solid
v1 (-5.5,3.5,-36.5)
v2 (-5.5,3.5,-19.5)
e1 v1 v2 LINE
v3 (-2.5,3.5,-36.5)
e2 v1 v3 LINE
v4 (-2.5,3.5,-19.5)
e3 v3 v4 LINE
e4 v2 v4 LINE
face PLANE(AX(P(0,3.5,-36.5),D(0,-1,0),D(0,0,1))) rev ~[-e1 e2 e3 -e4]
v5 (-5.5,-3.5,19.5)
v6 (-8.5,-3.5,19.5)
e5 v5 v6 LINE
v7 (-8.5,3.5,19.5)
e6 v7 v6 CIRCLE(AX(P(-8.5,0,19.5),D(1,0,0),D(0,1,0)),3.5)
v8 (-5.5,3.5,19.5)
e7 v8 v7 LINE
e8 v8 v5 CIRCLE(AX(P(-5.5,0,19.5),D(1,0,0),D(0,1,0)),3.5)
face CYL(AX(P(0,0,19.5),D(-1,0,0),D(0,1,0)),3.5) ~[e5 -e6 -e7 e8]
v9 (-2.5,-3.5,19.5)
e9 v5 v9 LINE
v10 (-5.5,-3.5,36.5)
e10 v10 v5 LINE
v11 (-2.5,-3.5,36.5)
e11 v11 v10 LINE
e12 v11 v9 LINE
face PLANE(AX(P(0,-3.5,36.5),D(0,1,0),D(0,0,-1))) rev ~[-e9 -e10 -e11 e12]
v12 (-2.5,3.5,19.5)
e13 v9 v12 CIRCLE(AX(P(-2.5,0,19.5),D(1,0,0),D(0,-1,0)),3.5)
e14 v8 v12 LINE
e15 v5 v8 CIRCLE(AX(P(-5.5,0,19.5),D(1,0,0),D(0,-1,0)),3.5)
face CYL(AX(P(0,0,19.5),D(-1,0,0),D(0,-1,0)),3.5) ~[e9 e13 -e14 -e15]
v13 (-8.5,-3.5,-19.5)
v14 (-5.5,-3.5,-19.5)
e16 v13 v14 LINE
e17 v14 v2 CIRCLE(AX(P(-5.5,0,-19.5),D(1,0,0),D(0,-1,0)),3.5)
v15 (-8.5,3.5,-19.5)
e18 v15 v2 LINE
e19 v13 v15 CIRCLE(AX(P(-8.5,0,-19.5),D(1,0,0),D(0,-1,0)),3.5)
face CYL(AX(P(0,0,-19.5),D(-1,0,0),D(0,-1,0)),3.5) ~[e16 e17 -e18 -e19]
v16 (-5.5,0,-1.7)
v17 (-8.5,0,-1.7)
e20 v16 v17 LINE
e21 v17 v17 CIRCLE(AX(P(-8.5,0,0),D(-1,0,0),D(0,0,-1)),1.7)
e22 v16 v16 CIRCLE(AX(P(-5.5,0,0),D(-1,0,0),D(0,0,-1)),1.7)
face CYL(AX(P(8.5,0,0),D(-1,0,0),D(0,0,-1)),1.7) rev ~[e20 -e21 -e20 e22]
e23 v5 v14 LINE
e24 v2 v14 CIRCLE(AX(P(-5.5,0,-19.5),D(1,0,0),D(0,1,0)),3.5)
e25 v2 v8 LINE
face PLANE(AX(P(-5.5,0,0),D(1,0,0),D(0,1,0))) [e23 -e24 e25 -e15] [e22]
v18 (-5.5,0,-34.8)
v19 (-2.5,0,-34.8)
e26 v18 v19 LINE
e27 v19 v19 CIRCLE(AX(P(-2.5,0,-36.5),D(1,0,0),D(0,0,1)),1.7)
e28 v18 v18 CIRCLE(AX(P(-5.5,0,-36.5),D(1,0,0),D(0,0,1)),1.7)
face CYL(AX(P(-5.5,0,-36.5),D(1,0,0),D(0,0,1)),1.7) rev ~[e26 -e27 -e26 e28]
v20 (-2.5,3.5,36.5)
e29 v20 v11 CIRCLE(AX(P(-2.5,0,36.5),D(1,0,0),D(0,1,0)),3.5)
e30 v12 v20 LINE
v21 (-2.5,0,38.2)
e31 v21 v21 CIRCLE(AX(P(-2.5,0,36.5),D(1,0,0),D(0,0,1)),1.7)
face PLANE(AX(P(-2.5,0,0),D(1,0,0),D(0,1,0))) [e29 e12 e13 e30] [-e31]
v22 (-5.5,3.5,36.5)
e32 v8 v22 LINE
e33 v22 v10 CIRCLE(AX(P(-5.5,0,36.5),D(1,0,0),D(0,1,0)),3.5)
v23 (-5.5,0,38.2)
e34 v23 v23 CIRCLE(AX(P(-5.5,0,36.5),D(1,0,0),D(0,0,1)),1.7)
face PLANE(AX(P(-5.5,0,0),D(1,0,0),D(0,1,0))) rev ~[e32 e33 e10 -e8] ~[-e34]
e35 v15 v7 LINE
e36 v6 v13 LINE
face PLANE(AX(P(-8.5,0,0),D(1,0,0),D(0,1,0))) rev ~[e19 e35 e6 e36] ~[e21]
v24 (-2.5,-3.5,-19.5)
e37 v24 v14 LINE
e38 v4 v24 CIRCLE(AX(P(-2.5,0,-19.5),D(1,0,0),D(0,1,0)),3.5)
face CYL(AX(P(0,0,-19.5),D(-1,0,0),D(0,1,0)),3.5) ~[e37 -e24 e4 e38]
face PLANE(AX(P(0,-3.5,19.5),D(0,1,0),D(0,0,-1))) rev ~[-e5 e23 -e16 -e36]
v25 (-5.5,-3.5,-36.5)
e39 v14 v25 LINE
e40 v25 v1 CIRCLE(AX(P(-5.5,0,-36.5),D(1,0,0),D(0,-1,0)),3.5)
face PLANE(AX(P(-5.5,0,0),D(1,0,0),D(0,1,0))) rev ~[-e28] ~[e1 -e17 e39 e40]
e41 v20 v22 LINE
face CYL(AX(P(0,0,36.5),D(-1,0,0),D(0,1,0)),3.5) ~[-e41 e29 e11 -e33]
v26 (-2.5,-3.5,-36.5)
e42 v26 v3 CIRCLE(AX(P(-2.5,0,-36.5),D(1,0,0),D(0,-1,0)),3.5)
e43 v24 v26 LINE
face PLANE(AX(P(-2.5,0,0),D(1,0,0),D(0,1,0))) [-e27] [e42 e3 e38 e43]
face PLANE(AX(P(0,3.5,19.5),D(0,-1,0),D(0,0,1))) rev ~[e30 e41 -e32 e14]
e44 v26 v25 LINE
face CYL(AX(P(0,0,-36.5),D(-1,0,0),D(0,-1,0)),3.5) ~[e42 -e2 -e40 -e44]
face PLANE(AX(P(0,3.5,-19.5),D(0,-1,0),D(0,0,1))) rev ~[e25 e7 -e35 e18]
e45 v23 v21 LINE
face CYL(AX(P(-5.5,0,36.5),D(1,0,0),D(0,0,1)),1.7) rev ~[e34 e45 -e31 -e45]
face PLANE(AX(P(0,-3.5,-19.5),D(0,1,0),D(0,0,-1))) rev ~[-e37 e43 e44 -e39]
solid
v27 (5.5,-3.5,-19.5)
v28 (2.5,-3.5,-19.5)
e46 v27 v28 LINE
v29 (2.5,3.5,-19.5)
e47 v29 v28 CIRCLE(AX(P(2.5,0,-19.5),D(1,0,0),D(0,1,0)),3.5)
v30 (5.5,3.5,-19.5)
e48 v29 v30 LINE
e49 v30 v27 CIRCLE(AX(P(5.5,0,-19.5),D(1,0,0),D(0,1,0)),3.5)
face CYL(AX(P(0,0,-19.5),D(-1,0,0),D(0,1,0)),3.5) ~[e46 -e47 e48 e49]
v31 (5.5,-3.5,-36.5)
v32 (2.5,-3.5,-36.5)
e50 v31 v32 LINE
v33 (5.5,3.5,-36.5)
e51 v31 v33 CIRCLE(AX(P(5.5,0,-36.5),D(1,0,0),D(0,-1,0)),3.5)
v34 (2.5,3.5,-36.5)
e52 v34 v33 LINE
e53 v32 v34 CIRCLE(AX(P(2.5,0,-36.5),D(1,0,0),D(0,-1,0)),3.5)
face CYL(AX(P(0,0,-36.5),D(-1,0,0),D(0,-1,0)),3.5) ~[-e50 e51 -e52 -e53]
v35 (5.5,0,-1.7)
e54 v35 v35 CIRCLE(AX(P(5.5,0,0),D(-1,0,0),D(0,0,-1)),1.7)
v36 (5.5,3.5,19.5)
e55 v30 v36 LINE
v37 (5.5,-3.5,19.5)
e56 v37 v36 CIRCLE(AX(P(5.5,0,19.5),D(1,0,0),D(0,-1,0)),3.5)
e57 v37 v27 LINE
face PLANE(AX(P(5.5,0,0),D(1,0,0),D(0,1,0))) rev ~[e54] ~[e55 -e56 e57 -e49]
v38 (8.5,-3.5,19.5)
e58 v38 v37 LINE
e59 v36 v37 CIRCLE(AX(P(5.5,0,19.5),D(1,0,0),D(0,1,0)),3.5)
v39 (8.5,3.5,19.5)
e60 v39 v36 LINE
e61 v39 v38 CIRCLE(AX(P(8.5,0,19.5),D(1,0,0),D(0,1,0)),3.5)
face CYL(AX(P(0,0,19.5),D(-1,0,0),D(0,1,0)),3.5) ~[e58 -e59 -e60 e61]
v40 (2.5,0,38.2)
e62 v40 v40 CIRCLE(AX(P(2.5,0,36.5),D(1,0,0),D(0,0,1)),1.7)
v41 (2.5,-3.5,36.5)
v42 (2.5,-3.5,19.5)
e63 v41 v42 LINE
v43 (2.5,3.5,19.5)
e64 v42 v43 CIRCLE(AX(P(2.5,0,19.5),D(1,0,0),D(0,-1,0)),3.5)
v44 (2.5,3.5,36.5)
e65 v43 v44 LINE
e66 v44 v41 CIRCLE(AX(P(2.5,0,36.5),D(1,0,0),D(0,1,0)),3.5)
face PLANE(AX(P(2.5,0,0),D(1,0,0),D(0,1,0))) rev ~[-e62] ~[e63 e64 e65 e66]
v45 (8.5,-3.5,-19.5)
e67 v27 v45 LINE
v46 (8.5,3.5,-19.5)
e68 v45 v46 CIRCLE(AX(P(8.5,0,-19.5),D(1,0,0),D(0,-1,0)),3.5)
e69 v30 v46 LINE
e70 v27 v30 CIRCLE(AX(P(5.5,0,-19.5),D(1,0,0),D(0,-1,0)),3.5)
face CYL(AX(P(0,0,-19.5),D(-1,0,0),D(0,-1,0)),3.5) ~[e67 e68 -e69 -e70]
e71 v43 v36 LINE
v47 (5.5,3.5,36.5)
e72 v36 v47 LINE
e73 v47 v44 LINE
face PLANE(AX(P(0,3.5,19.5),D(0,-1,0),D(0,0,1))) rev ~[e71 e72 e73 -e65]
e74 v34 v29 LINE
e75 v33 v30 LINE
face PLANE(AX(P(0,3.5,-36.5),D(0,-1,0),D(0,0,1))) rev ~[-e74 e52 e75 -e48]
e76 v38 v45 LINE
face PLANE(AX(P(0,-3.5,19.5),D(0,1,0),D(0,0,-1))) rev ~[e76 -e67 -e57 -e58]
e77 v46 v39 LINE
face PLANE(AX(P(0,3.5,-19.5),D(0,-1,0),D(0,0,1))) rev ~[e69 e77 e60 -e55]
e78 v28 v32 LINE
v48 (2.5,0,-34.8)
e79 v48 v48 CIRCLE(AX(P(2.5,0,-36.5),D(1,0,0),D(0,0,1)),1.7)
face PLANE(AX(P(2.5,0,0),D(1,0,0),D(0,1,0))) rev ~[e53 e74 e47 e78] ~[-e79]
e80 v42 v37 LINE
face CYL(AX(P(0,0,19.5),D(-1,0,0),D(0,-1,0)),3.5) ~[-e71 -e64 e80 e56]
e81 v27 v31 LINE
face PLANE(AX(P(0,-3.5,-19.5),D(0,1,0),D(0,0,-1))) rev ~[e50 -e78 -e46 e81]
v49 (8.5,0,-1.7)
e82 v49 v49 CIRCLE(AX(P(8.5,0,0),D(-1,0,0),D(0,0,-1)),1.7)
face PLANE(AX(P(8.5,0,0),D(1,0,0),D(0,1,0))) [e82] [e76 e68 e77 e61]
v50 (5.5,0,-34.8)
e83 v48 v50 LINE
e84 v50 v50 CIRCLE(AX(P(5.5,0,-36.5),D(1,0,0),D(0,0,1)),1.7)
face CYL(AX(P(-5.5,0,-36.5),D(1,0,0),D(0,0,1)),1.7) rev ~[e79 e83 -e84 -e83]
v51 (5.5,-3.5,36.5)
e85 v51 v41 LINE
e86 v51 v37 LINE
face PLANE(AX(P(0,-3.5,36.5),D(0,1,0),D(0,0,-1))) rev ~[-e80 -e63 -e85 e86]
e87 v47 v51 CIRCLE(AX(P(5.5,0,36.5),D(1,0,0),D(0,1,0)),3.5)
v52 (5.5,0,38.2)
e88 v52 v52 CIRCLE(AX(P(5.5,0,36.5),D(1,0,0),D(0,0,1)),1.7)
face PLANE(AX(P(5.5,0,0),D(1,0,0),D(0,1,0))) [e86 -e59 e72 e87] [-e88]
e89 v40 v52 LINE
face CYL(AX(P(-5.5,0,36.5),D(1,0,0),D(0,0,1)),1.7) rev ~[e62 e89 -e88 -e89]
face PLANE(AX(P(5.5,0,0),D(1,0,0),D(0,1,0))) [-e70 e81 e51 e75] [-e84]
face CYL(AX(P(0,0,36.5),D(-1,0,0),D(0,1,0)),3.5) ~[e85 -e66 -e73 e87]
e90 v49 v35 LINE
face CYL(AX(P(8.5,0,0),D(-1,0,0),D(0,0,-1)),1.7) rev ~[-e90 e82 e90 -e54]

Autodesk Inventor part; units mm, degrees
ref_plane "YZ Plane" through (0, 0, 0) normal (1, 0, 0) x (0, 1, 0)
ref_plane "XZ Plane" through (0, 0, 0) normal (0, 1, 0) x (-1, 0, 0)
ref_plane "XY Plane" through (0, 0, 0) normal (0, 0, 1) x (1, 0, 0)
sketch "Sketch1" plane through (0, 0, 0) normal (1, 0, 0) x (0, 1, 0)
  line L0 (0, -36.5) -> (0, 36.5) construction
  line L1 (3.5, -36.5) -> (3.5, 36.5)
  line L2 (-3.5, 36.5) -> (-3.5, -36.5)
  arc A0 (-3.5, -36.5) -> (3.5, -36.5) centre (0, -36.5) ccw
  arc A1 (3.5, 36.5) -> (-3.5, 36.5) centre (0, 36.5) ccw
  circle A2 centre (0, 36.5) radius 1.5
  circle A3 centre (0, -36.5) radius 1.5
  line L3 (0, -19.5) -> (0, 19.5) construction
  line L4 (3.5, -19.5) -> (3.5, 19.5)
  line L5 (-3.5, 19.5) -> (-3.5, -19.5)
  arc A4 (-3.5, -19.5) -> (3.5, -19.5) centre (0, -19.5) ccw
  arc A5 (3.5, 19.5) -> (-3.5, 19.5) centre (0, 19.5) ccw
  line L6 (0, -36.5) -> (0, -19.5) construction
  line L7 (-3.5, -36.5) -> (-3.5, -19.5)
  line L8 (3.5, -19.5) -> (3.5, -36.5)
  arc A6 (-3.5, -36.5) -> (3.5, -36.5) centre (0, -36.5) ccw
  arc A7 (3.5, -19.5) -> (-3.5, -19.5) centre (0, -19.5) ccw
  line L9 (3.5, 0) -> (-3.5, 0) construction
  line L10 (0, 36.5) -> (0, 19.5) construction
  line L11 (-3.5, 36.5) -> (-3.5, 19.5)
  line L12 (3.5, 19.5) -> (3.5, 36.5)
  arc A8 (3.5, 36.5) -> (-3.5, 36.5) centre (0, 36.5) ccw
  arc A9 (-3.5, 19.5) -> (3.5, 19.5) centre (0, 19.5) ccw
  circle A10 centre (0, 0) radius 1.5
  point P0 (0, 0)
  point P1 (0, -40)
  point P2 (0, 40)
  point P3 (3.5, 19.5)
  point P4 (-3.5, 19.5)
  point P5 (3.5, -19.5)
  point P6 (0, -28)
  point P7 (0, 28)
  point P8 (3.5, 19.5)
  point P9 (-3.5, 19.5)
  point P10 (-3.5, -19.5)
  point P11 (3.5, -19.5)
  point P12 (0, 0)
  point P13 (0, 0)
  dimension "d18" = 80
  dimension "d20" = 7
  dimension "d32" = 39
  dimension "d44" = 3
  dimension "d46" = 0
extrude "Extrusión3" add sketch "Sketch1" along normal mid plane 17 contours A7 L2 A9 L1 | A4 A7 | A9 A5 | A10
extrude "Extrusión4" cut sketch "Sketch1" along normal mid plane 11 contours A7 L2 A9 L1 | A4 A7 | A9 A5 | A10
extrude "Extrusión5" add sketch "Sketch1" along normal mid plane 11 contours A0 L2 A4 L1 | A4 A7 | A5 L2 A1 L1 | A9 A5 | A2 | A3
extrude "Extrusión6" cut sketch "Sketch1" along normal mid plane 5 contours A0 L2 A4 L1 | A4 A7 | A5 L2 A1 L1 | A9 A5 | A2 | A3
sketch "Boceto2" plane through (-5.5, 0, 0) normal (-1, 0, 0) x (0, 0, 1)
  point P0 (-36.5, 0)
  point P1 (36.5, 0)
hole "Agujero1" at (-5.5, 0, -36.5) at (-5.5, 0, 36.5) direction (1, 0, 0) diameter 3.4 end through all clearance for "Tornillo de cabeza plana avellanada ISO 2009/7046" size "M3" standard "ISO"
sketch "Boceto3" plane through (8.5, 0, 0) normal (1, 0, 0) x (0, 0, -1)
  point P0 (0, 0)
  point P1 (0, 0)
hole "Agujero2" at (8.5, 0, 0) direction (-1, 0, 0) diameter 3.4 end through all clearance for "Tornillo de cabeza plana avellanada ISO 2009/7046" size "M3" standard "ISO"
properties part number "Corredera I" material "Aluminum 7075"
